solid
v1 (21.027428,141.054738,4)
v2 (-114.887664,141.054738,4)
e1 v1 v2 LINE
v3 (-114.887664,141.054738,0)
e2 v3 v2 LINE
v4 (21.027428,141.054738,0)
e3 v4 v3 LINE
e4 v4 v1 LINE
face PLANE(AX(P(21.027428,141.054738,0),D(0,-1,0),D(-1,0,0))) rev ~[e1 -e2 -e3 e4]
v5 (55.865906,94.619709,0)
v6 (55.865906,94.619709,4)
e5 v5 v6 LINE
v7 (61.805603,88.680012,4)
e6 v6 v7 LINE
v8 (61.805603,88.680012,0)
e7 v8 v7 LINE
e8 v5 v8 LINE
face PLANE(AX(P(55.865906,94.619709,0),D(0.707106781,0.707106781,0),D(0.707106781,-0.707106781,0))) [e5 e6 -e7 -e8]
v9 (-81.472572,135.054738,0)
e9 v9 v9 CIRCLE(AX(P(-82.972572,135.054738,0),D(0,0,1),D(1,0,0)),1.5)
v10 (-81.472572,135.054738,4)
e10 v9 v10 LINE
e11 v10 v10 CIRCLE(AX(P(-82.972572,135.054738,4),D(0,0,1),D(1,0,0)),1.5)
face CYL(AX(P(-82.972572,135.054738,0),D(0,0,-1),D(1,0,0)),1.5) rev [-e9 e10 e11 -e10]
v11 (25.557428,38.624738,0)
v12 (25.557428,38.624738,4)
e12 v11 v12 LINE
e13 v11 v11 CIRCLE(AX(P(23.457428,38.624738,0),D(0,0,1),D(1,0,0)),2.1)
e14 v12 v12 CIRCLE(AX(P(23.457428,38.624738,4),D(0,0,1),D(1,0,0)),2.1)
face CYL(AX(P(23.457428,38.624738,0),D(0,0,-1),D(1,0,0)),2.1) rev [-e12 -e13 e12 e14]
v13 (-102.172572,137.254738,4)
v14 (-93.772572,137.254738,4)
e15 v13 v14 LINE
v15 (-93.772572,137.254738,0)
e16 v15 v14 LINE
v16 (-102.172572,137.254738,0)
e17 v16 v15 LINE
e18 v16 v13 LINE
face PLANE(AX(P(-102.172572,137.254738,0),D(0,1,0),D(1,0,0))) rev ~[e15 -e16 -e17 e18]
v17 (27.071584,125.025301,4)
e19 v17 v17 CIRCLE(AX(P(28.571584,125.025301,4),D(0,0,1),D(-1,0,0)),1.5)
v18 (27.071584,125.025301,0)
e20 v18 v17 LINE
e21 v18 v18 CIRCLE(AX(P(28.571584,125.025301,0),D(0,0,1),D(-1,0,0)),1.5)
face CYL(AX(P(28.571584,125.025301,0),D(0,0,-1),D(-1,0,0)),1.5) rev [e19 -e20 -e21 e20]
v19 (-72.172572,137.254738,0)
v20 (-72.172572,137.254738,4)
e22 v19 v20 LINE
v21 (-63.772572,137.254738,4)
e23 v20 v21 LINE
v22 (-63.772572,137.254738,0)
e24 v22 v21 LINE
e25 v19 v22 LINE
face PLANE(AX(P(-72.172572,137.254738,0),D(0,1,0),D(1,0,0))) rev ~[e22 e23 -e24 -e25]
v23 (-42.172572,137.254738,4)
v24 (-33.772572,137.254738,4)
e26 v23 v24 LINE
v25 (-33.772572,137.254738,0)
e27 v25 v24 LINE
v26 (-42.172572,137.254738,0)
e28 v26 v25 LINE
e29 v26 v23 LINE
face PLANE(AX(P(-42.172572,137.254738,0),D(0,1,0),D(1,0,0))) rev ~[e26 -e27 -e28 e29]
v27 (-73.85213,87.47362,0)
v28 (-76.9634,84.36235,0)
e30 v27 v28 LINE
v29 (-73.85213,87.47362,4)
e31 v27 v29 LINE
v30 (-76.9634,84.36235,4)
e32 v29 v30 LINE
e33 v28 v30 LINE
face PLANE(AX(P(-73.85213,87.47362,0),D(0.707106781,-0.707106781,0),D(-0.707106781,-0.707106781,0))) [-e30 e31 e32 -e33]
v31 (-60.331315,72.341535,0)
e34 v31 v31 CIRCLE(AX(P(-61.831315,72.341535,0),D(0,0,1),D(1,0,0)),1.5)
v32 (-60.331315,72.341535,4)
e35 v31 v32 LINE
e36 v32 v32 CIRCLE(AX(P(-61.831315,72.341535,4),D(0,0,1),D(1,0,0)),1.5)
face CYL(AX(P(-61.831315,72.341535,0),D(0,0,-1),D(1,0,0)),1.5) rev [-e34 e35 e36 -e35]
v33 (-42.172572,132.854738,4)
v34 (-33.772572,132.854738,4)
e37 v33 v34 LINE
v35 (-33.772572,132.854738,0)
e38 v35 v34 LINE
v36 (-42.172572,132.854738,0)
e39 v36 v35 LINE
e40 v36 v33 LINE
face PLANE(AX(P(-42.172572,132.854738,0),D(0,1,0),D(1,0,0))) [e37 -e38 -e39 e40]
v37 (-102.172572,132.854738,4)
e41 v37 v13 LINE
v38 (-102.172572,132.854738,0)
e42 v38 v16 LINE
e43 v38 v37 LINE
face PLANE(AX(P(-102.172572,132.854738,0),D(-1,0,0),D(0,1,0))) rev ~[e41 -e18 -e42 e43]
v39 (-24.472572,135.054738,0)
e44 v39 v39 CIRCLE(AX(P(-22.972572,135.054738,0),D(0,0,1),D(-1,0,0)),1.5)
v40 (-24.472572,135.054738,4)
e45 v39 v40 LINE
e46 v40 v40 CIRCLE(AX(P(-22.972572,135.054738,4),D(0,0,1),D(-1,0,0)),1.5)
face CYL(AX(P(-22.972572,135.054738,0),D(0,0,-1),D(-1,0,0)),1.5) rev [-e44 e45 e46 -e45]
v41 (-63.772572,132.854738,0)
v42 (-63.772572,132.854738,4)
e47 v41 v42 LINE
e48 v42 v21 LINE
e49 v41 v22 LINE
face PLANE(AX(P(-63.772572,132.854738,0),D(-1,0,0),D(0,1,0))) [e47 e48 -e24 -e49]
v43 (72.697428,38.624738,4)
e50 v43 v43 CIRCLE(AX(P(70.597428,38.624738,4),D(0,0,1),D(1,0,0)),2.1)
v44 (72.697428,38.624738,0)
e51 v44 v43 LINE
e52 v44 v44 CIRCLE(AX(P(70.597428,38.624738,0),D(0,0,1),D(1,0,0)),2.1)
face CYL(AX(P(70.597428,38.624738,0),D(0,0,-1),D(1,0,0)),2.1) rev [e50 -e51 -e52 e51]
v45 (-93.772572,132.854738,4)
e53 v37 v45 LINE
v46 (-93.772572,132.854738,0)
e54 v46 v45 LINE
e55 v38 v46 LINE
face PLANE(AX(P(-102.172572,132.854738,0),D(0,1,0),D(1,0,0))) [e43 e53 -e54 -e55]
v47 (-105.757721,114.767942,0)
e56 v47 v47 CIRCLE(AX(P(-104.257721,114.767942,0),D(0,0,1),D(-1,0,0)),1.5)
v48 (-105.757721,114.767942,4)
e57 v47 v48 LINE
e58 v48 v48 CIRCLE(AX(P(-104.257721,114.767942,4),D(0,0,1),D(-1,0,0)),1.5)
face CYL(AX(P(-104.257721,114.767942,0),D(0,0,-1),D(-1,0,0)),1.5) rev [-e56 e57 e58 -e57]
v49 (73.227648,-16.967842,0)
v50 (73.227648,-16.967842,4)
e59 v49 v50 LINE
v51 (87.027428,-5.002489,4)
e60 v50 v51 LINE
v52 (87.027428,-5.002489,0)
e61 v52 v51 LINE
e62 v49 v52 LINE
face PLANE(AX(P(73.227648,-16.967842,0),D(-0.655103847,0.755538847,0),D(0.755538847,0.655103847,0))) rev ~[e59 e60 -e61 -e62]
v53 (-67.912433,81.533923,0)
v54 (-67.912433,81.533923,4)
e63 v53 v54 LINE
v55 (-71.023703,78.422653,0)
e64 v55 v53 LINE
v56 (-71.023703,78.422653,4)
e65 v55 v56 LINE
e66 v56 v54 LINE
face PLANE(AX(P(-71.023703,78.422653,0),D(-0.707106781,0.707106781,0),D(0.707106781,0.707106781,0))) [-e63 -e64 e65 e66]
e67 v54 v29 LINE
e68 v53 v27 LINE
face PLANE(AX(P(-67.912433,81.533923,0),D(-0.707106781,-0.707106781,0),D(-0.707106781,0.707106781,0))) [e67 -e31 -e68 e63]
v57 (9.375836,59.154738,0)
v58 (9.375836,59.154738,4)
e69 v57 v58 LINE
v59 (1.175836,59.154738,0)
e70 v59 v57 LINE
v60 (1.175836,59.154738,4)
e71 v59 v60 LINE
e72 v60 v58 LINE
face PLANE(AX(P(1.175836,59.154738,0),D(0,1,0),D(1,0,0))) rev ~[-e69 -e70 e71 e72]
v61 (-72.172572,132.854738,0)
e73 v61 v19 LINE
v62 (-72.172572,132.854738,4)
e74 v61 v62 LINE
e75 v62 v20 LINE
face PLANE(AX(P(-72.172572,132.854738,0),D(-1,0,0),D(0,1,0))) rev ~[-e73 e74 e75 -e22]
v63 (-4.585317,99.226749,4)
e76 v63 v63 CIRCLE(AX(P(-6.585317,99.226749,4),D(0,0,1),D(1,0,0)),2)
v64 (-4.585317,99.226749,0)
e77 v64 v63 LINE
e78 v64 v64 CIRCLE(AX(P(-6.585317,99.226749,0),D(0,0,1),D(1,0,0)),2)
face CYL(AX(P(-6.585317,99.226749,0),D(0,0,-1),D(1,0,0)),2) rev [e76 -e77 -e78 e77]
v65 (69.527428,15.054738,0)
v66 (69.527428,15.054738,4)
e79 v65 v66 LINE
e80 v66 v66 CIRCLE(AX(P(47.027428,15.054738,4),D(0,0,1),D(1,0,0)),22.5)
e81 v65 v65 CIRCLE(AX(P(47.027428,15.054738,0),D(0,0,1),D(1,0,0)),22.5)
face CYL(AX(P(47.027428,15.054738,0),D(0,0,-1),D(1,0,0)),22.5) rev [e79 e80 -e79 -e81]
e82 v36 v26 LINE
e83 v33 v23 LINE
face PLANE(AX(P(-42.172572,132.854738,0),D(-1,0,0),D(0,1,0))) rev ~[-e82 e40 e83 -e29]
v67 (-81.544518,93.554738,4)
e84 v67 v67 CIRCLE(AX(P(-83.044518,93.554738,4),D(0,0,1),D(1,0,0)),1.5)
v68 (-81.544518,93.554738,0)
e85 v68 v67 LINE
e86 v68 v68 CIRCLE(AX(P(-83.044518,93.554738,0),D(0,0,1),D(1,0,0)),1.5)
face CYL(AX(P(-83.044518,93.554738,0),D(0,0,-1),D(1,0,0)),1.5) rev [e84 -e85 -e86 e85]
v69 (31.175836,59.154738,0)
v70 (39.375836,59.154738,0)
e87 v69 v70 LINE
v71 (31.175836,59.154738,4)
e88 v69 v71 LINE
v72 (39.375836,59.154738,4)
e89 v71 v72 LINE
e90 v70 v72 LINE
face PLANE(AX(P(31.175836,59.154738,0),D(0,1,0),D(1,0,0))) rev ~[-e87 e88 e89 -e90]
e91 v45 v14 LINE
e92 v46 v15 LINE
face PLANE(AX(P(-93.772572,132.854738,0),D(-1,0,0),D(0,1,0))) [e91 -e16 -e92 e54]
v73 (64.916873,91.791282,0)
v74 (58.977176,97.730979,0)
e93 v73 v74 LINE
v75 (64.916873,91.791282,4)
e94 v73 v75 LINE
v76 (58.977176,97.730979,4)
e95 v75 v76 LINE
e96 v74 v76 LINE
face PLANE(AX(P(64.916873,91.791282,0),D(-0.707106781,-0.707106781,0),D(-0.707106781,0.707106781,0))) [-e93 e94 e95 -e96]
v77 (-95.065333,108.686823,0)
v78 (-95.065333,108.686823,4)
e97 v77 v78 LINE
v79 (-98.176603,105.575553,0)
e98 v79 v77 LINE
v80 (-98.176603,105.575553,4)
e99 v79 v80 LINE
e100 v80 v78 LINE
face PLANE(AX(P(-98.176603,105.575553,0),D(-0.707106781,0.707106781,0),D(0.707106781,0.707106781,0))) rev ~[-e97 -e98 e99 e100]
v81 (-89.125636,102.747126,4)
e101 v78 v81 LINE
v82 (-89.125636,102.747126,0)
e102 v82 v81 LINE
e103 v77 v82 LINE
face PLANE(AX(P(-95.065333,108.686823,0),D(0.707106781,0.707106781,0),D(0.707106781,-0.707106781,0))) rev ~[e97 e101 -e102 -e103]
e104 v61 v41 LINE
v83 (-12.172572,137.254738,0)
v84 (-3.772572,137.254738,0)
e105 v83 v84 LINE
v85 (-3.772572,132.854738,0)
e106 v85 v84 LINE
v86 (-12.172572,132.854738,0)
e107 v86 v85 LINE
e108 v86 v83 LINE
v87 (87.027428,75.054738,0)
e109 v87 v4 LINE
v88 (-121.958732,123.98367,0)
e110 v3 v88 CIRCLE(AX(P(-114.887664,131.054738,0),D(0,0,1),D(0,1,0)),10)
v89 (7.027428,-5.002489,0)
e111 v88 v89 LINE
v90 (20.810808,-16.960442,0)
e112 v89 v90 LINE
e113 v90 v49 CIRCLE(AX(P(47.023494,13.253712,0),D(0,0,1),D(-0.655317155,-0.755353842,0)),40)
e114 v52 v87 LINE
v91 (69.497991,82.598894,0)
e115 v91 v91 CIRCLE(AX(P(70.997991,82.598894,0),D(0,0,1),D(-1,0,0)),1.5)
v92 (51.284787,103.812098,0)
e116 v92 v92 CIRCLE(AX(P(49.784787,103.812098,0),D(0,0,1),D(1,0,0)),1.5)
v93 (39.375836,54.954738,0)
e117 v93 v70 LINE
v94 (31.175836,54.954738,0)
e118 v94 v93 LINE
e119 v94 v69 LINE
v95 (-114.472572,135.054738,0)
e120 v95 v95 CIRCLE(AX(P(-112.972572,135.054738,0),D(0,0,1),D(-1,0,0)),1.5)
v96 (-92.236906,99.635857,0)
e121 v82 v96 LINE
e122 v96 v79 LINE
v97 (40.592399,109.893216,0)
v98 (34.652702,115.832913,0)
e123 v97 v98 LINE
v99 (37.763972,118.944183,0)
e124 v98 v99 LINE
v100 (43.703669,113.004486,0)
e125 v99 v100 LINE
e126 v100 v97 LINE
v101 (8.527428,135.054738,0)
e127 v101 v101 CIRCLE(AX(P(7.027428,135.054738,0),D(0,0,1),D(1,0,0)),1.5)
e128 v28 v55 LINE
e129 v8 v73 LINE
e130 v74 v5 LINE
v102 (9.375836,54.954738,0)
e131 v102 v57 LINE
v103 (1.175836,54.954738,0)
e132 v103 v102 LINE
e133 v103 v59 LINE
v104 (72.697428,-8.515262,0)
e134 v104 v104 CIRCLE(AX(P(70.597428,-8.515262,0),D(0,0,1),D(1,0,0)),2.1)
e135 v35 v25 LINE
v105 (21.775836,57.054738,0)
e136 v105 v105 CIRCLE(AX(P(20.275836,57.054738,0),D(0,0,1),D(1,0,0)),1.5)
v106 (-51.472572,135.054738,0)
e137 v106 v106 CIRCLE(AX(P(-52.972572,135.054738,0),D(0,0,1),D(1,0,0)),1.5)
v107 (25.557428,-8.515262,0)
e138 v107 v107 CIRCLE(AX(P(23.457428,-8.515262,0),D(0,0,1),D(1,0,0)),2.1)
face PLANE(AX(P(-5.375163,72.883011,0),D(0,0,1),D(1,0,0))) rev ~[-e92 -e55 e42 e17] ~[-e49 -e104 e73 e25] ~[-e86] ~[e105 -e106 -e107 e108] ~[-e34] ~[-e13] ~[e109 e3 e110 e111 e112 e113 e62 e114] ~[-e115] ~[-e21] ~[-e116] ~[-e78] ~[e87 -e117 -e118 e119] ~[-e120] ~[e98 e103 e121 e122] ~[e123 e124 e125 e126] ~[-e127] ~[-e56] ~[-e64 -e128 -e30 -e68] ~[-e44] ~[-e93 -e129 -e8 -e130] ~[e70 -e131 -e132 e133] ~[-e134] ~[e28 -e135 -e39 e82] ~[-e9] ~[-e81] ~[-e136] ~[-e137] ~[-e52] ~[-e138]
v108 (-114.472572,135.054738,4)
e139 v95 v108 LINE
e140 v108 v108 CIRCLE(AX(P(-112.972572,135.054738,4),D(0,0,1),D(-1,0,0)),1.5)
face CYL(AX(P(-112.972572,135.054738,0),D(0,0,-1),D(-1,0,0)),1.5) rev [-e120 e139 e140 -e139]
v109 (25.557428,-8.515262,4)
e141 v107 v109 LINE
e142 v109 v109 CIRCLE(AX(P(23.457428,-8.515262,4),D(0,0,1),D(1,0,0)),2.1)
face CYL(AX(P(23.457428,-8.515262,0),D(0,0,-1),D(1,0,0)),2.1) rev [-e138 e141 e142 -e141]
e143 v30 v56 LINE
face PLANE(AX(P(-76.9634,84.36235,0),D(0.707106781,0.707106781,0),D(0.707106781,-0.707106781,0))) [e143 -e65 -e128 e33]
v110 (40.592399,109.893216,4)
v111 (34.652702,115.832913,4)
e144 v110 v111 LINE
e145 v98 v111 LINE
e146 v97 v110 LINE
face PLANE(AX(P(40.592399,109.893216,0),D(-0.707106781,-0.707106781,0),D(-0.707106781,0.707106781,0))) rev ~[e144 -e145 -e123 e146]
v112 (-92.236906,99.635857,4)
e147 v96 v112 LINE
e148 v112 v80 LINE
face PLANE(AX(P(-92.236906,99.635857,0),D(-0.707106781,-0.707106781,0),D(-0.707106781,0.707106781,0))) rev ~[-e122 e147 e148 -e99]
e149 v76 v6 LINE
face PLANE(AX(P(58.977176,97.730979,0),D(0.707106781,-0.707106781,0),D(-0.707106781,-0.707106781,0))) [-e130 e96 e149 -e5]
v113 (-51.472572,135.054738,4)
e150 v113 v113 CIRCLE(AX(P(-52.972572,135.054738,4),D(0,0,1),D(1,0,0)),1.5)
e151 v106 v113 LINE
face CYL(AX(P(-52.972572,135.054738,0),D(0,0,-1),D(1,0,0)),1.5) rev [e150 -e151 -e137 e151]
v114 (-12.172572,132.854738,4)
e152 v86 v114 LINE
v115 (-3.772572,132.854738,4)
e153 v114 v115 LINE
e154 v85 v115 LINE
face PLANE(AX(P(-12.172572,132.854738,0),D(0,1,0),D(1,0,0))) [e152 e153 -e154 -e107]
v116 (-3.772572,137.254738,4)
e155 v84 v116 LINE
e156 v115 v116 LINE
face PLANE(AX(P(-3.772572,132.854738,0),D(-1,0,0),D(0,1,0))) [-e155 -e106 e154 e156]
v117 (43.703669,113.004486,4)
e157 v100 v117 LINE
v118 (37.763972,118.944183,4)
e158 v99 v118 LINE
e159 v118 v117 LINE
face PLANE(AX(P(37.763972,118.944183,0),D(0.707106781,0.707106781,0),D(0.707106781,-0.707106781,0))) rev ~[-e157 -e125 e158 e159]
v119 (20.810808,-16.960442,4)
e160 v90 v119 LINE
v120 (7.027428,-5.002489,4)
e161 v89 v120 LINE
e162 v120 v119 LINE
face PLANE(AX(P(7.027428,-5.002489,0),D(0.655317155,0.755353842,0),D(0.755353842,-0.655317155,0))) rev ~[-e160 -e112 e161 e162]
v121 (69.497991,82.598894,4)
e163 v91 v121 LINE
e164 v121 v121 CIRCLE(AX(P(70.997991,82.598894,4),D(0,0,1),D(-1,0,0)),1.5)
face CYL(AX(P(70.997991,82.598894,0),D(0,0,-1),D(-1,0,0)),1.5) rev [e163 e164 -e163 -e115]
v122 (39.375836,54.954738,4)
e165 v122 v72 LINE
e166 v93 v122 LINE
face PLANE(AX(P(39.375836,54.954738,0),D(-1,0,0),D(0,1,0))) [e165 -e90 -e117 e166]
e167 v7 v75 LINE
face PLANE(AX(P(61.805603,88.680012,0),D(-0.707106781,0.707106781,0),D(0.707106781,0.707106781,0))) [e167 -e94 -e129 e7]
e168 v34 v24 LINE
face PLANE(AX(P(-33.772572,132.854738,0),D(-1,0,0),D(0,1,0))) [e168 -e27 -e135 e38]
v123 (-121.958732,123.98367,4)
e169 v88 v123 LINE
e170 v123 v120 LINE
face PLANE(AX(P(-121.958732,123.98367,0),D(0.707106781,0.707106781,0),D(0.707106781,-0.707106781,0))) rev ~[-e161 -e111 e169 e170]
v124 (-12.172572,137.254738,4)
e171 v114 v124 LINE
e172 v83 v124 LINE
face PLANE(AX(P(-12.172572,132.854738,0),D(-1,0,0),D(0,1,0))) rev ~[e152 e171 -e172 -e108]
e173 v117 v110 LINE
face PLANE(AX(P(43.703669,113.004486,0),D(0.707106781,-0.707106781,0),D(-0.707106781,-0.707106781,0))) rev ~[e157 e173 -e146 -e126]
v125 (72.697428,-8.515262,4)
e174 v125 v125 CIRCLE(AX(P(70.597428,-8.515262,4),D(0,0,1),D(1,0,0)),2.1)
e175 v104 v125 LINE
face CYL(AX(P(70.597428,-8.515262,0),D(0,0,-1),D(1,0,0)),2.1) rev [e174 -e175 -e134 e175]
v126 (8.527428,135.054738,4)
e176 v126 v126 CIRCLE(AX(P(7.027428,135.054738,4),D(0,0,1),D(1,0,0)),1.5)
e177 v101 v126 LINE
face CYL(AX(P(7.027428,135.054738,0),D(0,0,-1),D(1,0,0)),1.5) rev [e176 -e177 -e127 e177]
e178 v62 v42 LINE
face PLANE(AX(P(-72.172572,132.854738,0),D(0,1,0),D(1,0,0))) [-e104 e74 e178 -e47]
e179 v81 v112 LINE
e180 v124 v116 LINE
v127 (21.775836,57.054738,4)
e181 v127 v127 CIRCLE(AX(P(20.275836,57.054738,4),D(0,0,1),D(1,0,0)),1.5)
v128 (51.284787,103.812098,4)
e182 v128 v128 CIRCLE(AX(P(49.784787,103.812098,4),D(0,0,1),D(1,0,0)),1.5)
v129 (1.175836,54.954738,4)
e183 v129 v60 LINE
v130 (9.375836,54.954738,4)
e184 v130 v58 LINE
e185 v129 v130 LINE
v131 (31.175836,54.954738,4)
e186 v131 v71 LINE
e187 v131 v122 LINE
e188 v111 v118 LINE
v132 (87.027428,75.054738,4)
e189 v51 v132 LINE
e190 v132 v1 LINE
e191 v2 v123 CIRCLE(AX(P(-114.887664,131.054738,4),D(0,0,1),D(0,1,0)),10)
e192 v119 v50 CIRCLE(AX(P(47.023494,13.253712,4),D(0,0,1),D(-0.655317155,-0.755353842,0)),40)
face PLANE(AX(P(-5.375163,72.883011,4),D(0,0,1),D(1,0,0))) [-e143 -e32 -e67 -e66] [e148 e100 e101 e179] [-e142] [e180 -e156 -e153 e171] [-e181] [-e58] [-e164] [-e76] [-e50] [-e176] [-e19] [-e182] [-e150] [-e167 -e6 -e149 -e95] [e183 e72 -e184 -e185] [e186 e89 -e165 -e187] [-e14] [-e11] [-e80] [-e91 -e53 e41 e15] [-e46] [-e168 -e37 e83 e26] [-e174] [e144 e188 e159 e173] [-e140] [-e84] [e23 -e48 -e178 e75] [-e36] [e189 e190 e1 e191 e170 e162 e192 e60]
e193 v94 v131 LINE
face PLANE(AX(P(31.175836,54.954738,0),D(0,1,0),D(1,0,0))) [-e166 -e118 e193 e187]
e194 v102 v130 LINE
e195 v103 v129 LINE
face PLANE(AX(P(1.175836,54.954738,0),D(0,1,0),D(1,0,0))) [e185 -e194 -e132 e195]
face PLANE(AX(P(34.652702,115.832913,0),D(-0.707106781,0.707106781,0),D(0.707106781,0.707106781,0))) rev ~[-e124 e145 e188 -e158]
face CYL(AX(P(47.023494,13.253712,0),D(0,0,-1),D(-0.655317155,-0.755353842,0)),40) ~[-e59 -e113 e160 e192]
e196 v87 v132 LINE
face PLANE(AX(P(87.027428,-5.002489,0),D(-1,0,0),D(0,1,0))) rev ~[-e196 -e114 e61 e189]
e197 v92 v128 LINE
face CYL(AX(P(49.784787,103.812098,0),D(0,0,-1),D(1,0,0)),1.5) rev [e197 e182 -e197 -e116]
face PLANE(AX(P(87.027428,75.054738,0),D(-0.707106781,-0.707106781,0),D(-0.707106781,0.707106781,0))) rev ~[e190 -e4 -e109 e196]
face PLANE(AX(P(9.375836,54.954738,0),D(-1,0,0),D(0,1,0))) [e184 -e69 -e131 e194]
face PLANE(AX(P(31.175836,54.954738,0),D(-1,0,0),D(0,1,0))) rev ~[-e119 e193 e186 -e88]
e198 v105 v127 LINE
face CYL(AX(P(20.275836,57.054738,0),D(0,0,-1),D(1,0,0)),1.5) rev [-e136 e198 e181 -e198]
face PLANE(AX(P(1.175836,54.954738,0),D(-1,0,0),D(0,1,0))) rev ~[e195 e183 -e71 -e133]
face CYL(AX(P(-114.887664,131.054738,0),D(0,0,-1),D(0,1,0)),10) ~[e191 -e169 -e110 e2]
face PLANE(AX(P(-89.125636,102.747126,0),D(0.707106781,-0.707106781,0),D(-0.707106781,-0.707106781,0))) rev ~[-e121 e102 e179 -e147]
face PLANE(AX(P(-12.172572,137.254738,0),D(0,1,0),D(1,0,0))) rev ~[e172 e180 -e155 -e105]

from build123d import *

# Parameters (mm, degrees)
SKETCH_1_R      = 1.5
SKETCH_1_R_2    = 22.5
SKETCH_1_R_3    = 2.1
SKETCH_1_R_4    = 2
SKETCH_1_W      = 8.4
SKETCH_1_H      = 4.4
SKETCH_1_W_2    = 8.2
SKETCH_1_H_2    = 4.2
EXTRUDE_1_DEPTH = 4


with BuildPart() as part:
    # 草图1 → 凸台-拉伸1 (new body)
    with BuildSketch(Plane.XY):
        with BuildLine():
            Line((7.027428163, -5.002489357), (20.810808237, -16.960441938))
            ThreePointArc((20.810808237, -16.960441938), (47.017847244, -26.746287876), (73.227648339, -16.967842153))
            Line((73.227648339, -16.967842153), (87.027428163, -5.002489357))
            Line((87.027428163, -5.002489357), (87.027428163, 75.054738201))
            Line((87.027428163, 75.054738201), (21.027428163, 141.054738201))
            Line((21.027428163, 141.054738201), (-114.887663771, 141.054738201))
            ThreePointArc((-114.887663771, 141.054738201), (-124.126459096, 134.881572525), (-121.958731583, 123.983670389))
            Line((-121.958731583, 123.983670389), (-90.203942848, 92.228881654))
            Line((-90.203942848, 92.228881654), (7.027428163, -5.002489357))
        make_face()
        with Locations((-52.972571837, 135.054738201)):
            Circle(SKETCH_1_R, mode=Mode.SUBTRACT)
        with Locations((47.027428163, 15.054738201)):
            Circle(SKETCH_1_R_2, mode=Mode.SUBTRACT)
        with Locations(Location((-22.972571837, 135.054738201, 0), (0, 0, 180))):
            Circle(SKETCH_1_R, mode=Mode.SUBTRACT)
        with Locations((7.027428163, 135.054738201)):
            Circle(SKETCH_1_R, mode=Mode.SUBTRACT)
        with Locations(Location((-112.972571837, 135.054738201, 0), (0, 0, 180))):
            Circle(SKETCH_1_R, mode=Mode.SUBTRACT)
        with Locations((-82.972571837, 135.054738201)):
            Circle(SKETCH_1_R, mode=Mode.SUBTRACT)
        with Locations((49.784787476, 103.812097514)):
            Circle(SKETCH_1_R, mode=Mode.SUBTRACT)
        with Locations(Location((70.997990912, 82.598894078, 0), (0, 0, 180))):
            Circle(SKETCH_1_R, mode=Mode.SUBTRACT)
        with Locations(Location((28.571584041, 125.025300949, 0), (0, 0, 180))):
            Circle(SKETCH_1_R, mode=Mode.SUBTRACT)
        with Locations((70.597428163, 38.624738201)):
            Circle(SKETCH_1_R_3, mode=Mode.SUBTRACT)
        with Locations((70.597428163, -8.515261799)):
            Circle(SKETCH_1_R_3, mode=Mode.SUBTRACT)
        with Locations((23.457428163, -8.515261799)):
            Circle(SKETCH_1_R_3, mode=Mode.SUBTRACT)
        with Locations((23.457428163, 38.624738201)):
            Circle(SKETCH_1_R_3, mode=Mode.SUBTRACT)
        with Locations((-83.04451802, 93.554738201)):
            Circle(SKETCH_1_R, mode=Mode.SUBTRACT)
        with Locations((-61.831314585, 72.341534765)):
            Circle(SKETCH_1_R, mode=Mode.SUBTRACT)
        with Locations(Location((-104.257721456, 114.767941637, 0), (0, 0, 180))):
            Circle(SKETCH_1_R, mode=Mode.SUBTRACT)
        with Locations((20.275835807, 57.054738201)):
            Circle(SKETCH_1_R, mode=Mode.SUBTRACT)
        with Locations((-6.58531727, 99.226748532)):
            Circle(SKETCH_1_R_4, mode=Mode.SUBTRACT)
        with Locations((-37.972571837, 135.054738201)):
            Rectangle(SKETCH_1_W, SKETCH_1_H, mode=Mode.SUBTRACT)
        with Locations((-7.972571837, 135.054738201)):
            Rectangle(SKETCH_1_W, SKETCH_1_H, mode=Mode.SUBTRACT)
        with Locations((-97.972571837, 135.054738201)):
            Rectangle(SKETCH_1_W, SKETCH_1_H, mode=Mode.SUBTRACT)
        with Locations((-67.972571837, 135.054738201)):
            Rectangle(SKETCH_1_W, SKETCH_1_H, mode=Mode.SUBTRACT)
        Polygon((55.865905794, 94.619709358), (61.805602756, 88.680012396), (64.916872594, 91.791282234), (58.977175632, 97.730979196), align=None, mode=Mode.SUBTRACT)
        Polygon((34.652702359, 115.832912794), (37.763972196, 118.944182631), (43.703669158, 113.004485669), (40.592399321, 109.893215832), align=None, mode=Mode.SUBTRACT)
        Polygon((-73.852129865, 87.473619883), (-76.963399702, 84.362350046), (-71.02370274, 78.422653084), (-67.912432903, 81.533922921), align=None, mode=Mode.SUBTRACT)
        Polygon((-89.125636339, 102.747126356), (-92.236906176, 99.635856519), (-98.176603138, 105.575553481), (-95.065333301, 108.686823318), align=None, mode=Mode.SUBTRACT)
        with Locations((5.275835807, 57.054738201)):
            Rectangle(SKETCH_1_W_2, SKETCH_1_H_2, mode=Mode.SUBTRACT)
        with Locations((35.275835807, 57.054738201)):
            Rectangle(SKETCH_1_W_2, SKETCH_1_H_2, mode=Mode.SUBTRACT)
    extrude(amount=EXTRUDE_1_DEPTH)


solid = part.part
